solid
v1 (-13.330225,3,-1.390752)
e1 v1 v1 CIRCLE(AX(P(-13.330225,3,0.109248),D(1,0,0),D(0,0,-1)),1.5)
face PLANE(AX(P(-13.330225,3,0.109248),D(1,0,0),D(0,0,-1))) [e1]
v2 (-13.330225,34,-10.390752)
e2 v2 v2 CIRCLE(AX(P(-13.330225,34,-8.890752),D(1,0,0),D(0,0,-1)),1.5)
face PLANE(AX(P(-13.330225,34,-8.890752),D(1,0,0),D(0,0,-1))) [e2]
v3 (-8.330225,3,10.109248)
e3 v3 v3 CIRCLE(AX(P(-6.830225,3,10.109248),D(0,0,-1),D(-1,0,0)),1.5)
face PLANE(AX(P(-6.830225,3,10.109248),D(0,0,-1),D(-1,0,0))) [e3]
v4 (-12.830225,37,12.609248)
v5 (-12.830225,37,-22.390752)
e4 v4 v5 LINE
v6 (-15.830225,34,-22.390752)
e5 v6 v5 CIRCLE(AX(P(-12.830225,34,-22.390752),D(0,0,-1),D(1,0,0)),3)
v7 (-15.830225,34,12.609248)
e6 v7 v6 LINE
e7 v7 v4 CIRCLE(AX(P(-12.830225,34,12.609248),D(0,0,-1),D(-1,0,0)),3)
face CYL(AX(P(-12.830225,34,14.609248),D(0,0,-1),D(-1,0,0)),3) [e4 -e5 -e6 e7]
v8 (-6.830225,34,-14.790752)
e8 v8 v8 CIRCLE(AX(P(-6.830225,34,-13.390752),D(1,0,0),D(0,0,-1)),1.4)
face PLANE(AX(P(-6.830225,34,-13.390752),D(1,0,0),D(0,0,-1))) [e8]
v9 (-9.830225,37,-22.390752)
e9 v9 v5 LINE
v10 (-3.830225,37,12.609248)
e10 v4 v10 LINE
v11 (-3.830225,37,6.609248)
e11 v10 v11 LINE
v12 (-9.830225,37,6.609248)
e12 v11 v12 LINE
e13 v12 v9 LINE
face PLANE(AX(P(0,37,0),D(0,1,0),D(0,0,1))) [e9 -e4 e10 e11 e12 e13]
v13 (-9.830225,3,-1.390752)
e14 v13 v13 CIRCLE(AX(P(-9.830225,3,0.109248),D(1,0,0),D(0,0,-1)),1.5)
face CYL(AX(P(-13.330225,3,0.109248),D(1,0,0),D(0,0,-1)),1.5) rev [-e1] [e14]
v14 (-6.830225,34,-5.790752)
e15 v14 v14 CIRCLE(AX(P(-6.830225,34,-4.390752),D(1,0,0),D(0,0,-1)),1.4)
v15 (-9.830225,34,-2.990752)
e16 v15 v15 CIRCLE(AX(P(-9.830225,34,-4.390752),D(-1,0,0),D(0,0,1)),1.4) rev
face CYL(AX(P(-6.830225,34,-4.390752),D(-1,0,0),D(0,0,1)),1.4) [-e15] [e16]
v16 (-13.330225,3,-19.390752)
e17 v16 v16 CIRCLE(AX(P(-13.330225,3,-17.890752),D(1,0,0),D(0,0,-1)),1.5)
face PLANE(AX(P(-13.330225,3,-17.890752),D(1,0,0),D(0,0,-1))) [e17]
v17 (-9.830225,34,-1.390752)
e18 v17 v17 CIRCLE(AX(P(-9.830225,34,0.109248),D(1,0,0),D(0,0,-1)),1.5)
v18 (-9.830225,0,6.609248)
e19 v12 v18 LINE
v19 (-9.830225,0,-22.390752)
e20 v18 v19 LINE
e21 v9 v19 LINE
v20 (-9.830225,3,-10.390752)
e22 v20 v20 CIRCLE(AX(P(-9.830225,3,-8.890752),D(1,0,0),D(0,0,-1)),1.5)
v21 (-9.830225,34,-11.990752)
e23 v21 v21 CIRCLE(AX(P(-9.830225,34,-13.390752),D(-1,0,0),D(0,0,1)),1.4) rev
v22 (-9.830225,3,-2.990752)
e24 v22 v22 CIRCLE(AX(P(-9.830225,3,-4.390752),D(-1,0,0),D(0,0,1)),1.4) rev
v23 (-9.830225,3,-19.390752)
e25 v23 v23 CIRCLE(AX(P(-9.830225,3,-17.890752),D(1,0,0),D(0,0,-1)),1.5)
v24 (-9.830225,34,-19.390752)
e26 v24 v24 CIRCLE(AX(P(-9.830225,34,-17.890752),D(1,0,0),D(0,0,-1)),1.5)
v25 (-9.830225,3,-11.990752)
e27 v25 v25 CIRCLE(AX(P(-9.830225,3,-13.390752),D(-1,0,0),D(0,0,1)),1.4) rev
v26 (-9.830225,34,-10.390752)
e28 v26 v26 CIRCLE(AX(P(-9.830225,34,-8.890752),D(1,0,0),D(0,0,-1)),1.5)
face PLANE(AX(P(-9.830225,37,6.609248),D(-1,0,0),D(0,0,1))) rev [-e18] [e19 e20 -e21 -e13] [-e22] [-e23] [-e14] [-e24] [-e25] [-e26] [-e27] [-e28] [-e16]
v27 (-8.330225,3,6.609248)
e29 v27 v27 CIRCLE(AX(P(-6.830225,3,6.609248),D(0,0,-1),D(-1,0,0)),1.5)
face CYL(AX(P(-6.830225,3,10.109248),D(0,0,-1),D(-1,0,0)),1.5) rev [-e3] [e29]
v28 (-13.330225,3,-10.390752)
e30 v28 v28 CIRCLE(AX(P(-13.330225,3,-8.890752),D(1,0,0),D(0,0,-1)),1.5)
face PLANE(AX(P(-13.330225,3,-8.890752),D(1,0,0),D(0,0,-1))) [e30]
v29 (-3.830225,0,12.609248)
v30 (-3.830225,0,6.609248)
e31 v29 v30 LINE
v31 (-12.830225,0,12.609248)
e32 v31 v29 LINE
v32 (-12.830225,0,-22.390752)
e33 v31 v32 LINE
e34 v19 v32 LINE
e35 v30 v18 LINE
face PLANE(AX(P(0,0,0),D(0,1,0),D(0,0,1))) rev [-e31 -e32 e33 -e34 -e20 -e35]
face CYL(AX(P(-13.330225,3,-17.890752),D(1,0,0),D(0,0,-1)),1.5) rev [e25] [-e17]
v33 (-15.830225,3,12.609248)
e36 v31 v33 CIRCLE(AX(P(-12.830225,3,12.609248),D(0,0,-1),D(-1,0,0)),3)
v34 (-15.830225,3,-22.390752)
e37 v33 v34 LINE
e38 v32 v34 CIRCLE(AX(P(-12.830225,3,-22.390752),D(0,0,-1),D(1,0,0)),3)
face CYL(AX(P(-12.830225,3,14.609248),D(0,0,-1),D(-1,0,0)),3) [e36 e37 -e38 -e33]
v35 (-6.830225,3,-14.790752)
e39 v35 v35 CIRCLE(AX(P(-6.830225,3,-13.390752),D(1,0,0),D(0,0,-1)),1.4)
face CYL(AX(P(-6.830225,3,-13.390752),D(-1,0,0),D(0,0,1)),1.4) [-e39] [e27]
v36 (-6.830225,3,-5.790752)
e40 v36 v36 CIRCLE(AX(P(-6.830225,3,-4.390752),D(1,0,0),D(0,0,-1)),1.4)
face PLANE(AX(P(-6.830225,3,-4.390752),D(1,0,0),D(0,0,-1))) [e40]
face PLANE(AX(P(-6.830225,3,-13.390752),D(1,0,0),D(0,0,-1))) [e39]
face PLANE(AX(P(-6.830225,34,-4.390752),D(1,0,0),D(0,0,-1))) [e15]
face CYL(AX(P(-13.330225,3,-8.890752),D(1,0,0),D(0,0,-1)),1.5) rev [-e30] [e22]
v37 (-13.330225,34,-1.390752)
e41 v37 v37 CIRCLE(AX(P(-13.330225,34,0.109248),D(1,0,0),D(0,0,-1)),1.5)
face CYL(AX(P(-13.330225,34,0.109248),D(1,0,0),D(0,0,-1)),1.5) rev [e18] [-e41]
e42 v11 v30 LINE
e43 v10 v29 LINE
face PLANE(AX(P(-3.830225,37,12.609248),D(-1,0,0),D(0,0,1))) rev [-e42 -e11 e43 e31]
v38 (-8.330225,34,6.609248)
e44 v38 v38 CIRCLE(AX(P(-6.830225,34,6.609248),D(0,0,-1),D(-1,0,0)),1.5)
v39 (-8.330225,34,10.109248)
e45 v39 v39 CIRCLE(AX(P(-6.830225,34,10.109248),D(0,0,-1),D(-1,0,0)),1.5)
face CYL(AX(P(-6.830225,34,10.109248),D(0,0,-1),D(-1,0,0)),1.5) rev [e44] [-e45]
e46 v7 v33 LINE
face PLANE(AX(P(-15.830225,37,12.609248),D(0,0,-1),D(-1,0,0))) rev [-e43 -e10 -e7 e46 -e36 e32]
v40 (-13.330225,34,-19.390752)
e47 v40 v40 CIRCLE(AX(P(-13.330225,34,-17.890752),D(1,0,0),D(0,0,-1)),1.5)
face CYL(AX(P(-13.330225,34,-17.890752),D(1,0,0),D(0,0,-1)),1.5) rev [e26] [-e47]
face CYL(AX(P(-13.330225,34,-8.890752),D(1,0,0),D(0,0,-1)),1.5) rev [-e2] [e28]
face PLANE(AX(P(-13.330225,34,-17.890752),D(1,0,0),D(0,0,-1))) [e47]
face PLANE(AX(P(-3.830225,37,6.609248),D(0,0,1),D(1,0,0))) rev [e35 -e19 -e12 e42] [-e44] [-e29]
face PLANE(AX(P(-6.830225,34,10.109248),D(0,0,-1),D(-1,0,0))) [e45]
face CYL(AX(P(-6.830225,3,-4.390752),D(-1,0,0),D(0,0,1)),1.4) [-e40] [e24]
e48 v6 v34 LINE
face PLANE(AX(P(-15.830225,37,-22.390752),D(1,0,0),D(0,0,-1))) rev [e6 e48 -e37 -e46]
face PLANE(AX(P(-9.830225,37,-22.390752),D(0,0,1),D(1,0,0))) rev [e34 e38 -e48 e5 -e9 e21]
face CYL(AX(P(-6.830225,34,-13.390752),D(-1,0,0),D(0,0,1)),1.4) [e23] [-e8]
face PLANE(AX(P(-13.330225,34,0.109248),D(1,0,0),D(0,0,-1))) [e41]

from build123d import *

# Parameters (mm, degrees)
BOSS_EXTRUDE3_DEPTH = 37
SKETCH7_OUTSIDE_W   = 24.466
SKETCH7_OUTSIDE_H   = 49.466
CUT_EXTRUDE4_DEPTH  = 37
SKETCH8_R           = 1.5
CUT_EXTRUDE5_DEPTH  = 3.5
SKETCH9_R           = 1.5
CUT_EXTRUDE6_DEPTH  = 3.5
SKETCH10_R          = 1.4
BOSS_EXTRUDE4_DEPTH = 3


with BuildPart() as part:
    # Sketch1 → Boss-Extrude3 (new body)
    with BuildSketch(Plane(origin=(0, 0, 0), x_dir=(1, 0, 0), z_dir=(0, 1, 0))):
        Polygon((-15.830224571, 22.390751722), (-15.830224571, -12.609248278), (-3.830224571, -12.609248278), (-3.830224571, -6.609248278), (-9.830224571, -6.609248278), (-9.830224571, 22.390751722), align=None)
    extrude(amount=BOSS_EXTRUDE3_DEPTH)

    # Sketch7 outside → Cut-Extrude4 (cut)
    with BuildSketch(Plane(origin=(0, 0, -22.390751722), x_dir=(-1, 0, 0), z_dir=(0, 0, -1))):
        with Locations((9.83, 18.5)):
            Rectangle(SKETCH7_OUTSIDE_W, SKETCH7_OUTSIDE_H)
        with BuildLine():
            Line((12.830224571, 37), (-5.541662032, 37))
            Line((-5.541662032, 37), (-5.541662032, 0))
            Line((-5.541662032, 0), (12.830224571, 0))
            ThreePointArc((12.830224571, 0), (14.951544915, 0.878679656), (15.830224571, 3))
            Line((15.830224571, 3), (15.830224571, 34))
            ThreePointArc((15.830224571, 34), (14.951544915, 36.121320344), (12.830224571, 37))
        make_face(mode=Mode.SUBTRACT)
    extrude(amount=-CUT_EXTRUDE4_DEPTH, mode=Mode.SUBTRACT)

    # Sketch8 → Cut-Extrude5 (cut)
    with BuildSketch(Plane(origin=(-9.830224571, 0, 0), x_dir=(0, 0, -1), z_dir=(1, 0, 0))):
        with Locations((-0.109248278, 34)):
            Circle(SKETCH8_R)
        with Locations((8.890751722, 34)):
            Circle(SKETCH8_R)
        with Locations((-0.109248278, 3)):
            Circle(SKETCH8_R)
        with Locations((8.890751722, 3)):
            Circle(SKETCH8_R)
        with Locations((17.890751722, 3)):
            Circle(SKETCH8_R)
        with Locations((17.890751722, 34)):
            Circle(SKETCH8_R)
    extrude(amount=-CUT_EXTRUDE5_DEPTH, mode=Mode.SUBTRACT)

    # Sketch9 → Cut-Extrude6 (cut)
    with BuildSketch(Plane(origin=(0, 0, 6.609248278), x_dir=(-1, 0, 0), z_dir=(0, 0, -1))):
        with Locations((6.830224571, 34)):
            Circle(SKETCH9_R)
        with Locations((6.830224571, 3)):
            Circle(SKETCH9_R)
    extrude(amount=-CUT_EXTRUDE6_DEPTH, mode=Mode.SUBTRACT)

    # Sketch10 → Boss-Extrude4 (add)
    with BuildSketch(Plane(origin=(-9.830224571, 0, 0), x_dir=(0, 0, -1), z_dir=(1, 0, 0))):
        with Locations(Location((4.390751722, 3, 0), (0, 0, 180))):
            Circle(SKETCH10_R)
        with Locations(Location((4.390751722, 34, 0), (0, 0, 180))):
            Circle(SKETCH10_R)
        with Locations(Location((13.390751722, 3, 0), (0, 0, 180))):
            Circle(SKETCH10_R)
        with Locations(Location((13.390751722, 34, 0), (0, 0, 180))):
            Circle(SKETCH10_R)
    extrude(amount=BOSS_EXTRUDE4_DEPTH)


solid = part.part
